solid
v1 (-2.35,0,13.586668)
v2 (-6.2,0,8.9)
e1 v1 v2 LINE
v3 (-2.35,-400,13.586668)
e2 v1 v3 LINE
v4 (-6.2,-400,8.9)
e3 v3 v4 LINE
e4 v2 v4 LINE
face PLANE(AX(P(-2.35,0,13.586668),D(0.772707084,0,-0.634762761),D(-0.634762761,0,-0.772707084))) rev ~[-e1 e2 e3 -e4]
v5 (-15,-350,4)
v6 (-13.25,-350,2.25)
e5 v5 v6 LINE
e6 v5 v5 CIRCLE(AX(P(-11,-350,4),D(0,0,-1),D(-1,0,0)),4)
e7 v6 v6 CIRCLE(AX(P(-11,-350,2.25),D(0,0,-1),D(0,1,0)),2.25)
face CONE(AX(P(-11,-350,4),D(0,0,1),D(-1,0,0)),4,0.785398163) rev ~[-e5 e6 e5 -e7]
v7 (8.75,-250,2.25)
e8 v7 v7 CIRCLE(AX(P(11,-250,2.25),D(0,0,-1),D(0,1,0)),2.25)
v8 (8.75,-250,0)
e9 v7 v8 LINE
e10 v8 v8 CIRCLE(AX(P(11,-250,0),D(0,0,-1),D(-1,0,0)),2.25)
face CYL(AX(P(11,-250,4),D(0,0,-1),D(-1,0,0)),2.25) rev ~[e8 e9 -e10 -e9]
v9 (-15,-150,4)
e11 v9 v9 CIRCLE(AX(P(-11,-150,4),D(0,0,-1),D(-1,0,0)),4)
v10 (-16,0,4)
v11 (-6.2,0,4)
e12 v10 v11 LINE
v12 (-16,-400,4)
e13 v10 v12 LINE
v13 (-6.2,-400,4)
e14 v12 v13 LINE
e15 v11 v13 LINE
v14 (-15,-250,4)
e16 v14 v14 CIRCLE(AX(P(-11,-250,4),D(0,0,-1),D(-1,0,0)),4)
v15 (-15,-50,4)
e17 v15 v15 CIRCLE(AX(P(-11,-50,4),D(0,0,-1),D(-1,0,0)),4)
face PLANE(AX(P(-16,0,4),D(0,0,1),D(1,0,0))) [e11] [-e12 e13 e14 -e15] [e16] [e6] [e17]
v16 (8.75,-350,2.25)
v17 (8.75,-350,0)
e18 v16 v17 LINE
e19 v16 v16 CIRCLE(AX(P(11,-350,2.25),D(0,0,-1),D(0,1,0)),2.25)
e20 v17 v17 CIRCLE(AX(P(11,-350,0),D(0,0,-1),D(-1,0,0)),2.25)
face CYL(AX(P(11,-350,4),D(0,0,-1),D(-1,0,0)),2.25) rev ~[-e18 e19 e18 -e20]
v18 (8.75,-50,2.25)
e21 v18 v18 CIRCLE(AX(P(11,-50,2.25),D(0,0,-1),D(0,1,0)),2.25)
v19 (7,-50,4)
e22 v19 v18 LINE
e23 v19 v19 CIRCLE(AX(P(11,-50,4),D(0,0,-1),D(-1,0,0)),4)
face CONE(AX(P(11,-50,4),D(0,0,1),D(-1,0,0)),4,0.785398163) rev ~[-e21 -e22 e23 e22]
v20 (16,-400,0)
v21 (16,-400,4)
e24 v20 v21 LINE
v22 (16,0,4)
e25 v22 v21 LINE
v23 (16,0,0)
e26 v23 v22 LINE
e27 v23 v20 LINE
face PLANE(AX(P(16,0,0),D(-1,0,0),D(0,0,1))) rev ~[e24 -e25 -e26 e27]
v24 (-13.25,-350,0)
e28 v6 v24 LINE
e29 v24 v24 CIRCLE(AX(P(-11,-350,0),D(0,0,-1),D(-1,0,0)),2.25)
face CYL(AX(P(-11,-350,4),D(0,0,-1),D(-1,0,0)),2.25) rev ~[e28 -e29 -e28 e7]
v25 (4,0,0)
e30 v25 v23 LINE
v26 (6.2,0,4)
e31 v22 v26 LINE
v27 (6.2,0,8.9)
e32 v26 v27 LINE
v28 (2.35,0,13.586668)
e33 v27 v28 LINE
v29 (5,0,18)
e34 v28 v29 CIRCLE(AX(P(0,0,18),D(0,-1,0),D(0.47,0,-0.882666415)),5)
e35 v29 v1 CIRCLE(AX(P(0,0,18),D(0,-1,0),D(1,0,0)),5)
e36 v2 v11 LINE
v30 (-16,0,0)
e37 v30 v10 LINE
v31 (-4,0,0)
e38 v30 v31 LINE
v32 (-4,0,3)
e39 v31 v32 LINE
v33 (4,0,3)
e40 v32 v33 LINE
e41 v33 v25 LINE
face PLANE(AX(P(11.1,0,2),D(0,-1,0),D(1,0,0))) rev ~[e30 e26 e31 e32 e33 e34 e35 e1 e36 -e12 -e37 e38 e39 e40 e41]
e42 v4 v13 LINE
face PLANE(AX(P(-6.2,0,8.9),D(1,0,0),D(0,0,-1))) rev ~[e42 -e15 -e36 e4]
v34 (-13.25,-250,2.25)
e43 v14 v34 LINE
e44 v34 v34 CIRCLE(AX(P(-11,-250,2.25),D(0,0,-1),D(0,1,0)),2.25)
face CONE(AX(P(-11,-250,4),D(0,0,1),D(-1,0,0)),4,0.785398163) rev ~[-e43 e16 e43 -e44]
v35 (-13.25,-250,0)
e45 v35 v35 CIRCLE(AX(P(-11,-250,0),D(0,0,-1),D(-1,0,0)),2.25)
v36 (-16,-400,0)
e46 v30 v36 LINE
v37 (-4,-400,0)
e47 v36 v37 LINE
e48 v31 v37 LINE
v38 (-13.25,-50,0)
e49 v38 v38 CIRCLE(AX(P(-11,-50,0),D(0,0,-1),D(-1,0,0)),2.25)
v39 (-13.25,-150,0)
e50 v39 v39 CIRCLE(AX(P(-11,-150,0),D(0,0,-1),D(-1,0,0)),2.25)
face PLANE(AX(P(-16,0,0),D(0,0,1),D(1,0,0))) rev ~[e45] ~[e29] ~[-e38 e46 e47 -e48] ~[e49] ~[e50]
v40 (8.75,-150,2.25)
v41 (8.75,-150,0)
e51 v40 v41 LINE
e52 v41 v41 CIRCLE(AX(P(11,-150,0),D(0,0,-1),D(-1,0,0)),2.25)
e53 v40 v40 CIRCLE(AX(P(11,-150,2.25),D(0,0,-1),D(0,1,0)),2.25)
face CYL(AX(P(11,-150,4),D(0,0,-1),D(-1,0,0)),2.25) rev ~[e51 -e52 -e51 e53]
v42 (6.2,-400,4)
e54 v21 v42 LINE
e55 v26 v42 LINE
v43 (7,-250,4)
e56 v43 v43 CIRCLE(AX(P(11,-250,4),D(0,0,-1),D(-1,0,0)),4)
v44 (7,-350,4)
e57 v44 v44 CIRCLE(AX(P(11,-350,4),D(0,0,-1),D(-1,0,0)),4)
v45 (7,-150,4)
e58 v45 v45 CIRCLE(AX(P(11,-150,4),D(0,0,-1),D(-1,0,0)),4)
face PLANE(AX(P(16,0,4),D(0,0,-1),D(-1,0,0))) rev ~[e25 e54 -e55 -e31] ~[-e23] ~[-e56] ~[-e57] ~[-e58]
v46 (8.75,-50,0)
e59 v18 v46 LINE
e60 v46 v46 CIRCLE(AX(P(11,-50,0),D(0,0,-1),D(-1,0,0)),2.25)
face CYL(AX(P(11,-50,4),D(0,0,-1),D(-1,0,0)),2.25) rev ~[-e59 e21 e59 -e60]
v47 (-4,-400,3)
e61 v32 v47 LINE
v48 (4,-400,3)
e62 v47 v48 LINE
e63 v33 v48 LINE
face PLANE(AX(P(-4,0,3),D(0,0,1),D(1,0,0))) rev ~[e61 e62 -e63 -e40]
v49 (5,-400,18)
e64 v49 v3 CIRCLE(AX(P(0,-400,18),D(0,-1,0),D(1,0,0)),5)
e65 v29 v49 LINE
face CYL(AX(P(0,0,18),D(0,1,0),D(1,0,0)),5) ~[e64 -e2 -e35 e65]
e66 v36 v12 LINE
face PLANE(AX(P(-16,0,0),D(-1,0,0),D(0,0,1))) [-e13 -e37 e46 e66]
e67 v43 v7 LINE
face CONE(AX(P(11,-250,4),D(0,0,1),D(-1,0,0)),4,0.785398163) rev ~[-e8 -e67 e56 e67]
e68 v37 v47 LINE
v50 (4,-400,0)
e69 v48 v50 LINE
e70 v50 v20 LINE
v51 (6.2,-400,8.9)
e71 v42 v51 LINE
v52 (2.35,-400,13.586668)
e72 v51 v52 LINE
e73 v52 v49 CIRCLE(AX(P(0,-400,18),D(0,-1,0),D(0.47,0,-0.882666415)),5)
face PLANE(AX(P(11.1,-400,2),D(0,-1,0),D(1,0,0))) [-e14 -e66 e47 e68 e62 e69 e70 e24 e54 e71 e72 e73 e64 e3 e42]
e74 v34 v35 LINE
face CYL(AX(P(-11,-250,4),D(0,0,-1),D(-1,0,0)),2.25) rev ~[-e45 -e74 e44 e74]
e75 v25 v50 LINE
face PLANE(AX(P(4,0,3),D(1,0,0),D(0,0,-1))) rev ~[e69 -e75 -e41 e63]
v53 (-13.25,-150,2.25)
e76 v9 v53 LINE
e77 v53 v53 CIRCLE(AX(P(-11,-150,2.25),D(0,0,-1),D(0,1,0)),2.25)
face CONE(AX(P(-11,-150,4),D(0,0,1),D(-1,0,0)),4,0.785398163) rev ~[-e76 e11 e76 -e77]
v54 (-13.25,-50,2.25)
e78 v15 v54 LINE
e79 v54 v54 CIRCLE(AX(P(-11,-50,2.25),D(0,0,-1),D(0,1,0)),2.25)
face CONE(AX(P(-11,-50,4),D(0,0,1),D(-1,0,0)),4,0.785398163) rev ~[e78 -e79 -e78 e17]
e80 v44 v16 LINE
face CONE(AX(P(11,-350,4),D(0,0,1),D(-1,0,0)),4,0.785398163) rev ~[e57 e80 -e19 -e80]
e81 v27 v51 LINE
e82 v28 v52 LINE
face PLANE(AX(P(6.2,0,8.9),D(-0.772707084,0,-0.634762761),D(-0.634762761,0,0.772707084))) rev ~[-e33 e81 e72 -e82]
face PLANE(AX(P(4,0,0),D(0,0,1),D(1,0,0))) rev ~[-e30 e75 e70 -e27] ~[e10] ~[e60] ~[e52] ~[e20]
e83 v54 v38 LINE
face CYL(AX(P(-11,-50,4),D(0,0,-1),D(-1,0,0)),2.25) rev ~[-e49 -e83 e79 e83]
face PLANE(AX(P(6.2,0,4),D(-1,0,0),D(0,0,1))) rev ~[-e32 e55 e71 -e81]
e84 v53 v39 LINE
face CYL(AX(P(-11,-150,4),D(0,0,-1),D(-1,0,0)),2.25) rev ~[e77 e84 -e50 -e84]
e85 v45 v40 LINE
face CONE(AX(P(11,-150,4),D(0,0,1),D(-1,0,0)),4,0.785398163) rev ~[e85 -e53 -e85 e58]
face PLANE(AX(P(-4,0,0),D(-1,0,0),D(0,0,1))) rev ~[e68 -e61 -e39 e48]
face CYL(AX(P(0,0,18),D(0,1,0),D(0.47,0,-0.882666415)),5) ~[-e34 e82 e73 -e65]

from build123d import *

# Parameters (mm, degrees)
F1_W           = 9.8
F1_H           = 4
F1_W_2         = 12.4
F1_H_2         = 4.9
F3_DEPTH       = 400
F5_D           = 4.5
F5_CSINK_D     = 8
F5_CSINK_ANGLE = 90


with BuildPart() as f3:
    # F1 (on Front) → F3 (new body, through all)
    with BuildSketch(Plane.XZ):
        with Locations((11.1, 2)):
            Rectangle(F1_W, F1_H)
        Polygon((-6.2, 4), (-6.2, 0), (-4, 0), (-4, 3), (4, 3), (4, 0), (6.2, 0), (6.2, 4), align=None)
        with Locations((0, 6.45)):
            Rectangle(F1_W_2, F1_H_2)
        with BuildLine():
            ThreePointArc((5, 18), (-2.5739075352, 22.2866070499), (-2.35, 13.5866679255))
            ThreePointArc((-2.35, 13.5866679255), (0, 13), (2.35, 13.5866679255))
            ThreePointArc((2.35, 13.5866679255), (4.2866070499, 15.4260924648), (5, 18))
        make_face()
        with Locations((-11.1, 2)):
            Rectangle(F1_W, F1_H)
        with BuildLine():
            Line((-2.35, 13.5866679255), (-6.2, 8.9))
            Line((-6.2, 8.9), (6.2, 8.9))
            Line((6.2, 8.9), (2.35, 13.5866679255))
            ThreePointArc((2.35, 13.5866679255), (0, 13), (-2.35, 13.5866679255))
        make_face()
    extrude(amount=F3_DEPTH)

    # F5 (through all)
    with Locations(Plane.XY.offset(4)):
        with Locations((11, -50), (-11, -50), (-11, -150), (11, -150), (11, -250), (-11, -250), (11, -350), (-11, -350), (11, -450), (-11, -450)):
            CounterSinkHole(F5_D / 2, F5_CSINK_D / 2, counter_sink_angle=F5_CSINK_ANGLE)


solid = f3.part
